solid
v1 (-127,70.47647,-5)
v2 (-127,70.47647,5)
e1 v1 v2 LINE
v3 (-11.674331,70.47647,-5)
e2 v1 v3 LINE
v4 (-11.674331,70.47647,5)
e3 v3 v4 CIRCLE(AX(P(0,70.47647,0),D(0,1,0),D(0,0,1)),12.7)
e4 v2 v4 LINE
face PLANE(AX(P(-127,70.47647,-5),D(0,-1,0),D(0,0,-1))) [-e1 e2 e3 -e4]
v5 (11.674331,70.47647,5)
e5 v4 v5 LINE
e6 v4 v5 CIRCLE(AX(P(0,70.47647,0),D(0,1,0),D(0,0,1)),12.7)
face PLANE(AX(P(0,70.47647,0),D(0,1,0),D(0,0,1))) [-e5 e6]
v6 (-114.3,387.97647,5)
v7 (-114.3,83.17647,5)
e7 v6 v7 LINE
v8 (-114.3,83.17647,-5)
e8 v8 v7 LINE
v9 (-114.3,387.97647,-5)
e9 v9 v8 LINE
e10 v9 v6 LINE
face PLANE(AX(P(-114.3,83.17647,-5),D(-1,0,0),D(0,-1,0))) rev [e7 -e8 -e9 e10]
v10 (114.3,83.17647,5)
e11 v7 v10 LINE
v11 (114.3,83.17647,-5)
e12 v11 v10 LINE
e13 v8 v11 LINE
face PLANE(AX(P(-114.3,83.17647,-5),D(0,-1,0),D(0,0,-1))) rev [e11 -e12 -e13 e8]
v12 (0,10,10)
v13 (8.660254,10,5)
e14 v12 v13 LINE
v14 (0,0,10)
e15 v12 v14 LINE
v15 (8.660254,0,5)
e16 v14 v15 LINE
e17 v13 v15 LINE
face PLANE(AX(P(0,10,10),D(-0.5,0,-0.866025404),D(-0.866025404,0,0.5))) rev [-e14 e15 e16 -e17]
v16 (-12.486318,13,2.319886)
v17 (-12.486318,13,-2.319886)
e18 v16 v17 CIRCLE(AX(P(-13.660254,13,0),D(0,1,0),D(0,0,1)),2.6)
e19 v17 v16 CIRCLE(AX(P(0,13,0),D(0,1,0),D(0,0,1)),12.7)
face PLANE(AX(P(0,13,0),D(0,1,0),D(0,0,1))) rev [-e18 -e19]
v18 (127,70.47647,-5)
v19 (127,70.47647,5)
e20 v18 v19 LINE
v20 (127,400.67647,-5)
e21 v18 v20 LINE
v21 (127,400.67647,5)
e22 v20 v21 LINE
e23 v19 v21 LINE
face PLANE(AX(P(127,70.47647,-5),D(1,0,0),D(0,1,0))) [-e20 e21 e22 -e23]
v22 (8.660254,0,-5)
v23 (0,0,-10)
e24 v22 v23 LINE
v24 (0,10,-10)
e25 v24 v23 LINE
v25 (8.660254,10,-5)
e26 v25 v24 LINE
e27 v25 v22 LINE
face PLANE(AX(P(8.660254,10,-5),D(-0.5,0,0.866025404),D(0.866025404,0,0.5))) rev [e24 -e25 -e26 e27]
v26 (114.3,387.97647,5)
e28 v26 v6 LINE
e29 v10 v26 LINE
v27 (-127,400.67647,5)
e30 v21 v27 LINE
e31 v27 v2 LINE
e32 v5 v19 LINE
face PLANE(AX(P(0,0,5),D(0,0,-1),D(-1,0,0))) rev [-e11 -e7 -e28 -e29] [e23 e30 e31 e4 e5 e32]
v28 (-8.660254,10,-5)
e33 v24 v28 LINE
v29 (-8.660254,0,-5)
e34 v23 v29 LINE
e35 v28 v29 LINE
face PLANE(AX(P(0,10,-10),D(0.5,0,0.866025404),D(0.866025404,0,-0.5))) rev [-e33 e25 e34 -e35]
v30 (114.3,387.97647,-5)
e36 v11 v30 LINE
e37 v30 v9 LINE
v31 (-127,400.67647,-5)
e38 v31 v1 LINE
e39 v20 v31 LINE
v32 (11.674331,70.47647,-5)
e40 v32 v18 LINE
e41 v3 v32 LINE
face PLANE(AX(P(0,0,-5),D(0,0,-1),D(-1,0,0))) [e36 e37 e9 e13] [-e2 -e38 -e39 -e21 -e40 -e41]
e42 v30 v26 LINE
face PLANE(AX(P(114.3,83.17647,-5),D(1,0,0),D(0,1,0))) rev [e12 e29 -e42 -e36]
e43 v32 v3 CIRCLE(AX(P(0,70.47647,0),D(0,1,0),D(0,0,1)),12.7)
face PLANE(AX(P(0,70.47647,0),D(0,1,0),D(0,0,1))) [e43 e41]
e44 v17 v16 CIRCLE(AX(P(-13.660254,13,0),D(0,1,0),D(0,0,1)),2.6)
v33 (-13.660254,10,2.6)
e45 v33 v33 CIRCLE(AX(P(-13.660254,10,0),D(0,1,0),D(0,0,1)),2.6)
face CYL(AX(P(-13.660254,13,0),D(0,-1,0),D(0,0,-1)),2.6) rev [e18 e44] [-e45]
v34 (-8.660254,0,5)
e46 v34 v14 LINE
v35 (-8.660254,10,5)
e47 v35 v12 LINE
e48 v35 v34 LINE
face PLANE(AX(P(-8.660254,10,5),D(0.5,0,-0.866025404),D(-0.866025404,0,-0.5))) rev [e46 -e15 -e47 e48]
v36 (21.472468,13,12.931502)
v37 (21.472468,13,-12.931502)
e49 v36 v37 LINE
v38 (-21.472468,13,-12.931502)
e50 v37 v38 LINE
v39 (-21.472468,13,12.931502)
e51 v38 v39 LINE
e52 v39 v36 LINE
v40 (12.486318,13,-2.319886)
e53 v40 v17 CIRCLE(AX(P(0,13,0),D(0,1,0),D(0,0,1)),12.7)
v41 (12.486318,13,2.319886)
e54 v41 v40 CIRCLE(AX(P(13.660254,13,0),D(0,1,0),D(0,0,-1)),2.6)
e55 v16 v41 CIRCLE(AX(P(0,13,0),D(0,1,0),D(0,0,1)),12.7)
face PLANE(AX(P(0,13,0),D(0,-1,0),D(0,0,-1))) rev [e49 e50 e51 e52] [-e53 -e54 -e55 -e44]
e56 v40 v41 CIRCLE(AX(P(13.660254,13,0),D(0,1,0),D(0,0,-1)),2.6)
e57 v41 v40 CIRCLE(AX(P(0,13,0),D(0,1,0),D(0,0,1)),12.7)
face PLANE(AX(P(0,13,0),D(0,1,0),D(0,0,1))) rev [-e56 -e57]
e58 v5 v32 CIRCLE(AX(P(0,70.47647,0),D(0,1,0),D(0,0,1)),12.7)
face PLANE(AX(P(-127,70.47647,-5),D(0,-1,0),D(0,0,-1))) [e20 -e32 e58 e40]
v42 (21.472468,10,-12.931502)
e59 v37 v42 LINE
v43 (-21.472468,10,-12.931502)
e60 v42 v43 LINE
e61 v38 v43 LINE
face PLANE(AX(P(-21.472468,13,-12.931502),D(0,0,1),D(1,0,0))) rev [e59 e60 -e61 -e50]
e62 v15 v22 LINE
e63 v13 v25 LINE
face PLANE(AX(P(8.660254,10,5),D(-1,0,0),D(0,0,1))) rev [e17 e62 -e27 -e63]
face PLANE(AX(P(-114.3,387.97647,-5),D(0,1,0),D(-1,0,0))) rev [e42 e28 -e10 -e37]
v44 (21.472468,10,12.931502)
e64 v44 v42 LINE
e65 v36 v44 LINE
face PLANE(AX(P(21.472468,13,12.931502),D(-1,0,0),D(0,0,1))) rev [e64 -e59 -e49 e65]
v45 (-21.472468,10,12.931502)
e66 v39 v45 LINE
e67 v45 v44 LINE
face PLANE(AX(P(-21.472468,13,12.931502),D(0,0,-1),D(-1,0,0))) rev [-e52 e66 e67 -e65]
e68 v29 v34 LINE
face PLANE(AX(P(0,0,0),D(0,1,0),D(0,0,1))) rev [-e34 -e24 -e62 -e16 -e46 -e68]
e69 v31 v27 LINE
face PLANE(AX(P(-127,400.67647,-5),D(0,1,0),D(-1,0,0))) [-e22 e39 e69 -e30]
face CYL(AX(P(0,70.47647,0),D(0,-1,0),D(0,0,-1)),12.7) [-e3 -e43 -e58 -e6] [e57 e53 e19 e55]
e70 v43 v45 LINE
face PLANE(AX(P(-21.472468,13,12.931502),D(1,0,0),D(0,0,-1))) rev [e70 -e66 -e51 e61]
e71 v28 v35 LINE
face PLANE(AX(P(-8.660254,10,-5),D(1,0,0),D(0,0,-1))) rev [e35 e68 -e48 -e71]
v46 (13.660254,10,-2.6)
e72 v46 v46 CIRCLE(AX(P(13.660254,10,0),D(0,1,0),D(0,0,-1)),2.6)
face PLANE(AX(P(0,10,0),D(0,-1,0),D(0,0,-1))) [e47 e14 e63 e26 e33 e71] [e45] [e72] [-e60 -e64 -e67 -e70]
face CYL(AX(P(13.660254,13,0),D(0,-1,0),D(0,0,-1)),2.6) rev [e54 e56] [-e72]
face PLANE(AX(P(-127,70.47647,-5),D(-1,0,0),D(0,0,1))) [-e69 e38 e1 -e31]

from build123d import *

# Parameters (mm, degrees)
BOSS_EXTRUDE1_DEPTH      = 10
SKETCH2_W                = 42.944936058
SKETCH2_H                = 25.863004624
SKETCH2_R                = 2.6
BOSS_EXTRUDE2_DEPTH      = 3
SKETCH3_R                = 12.7
BOSS_EXTRUDE5_DEPTH      = 57.47647
BOSS_EXTRUDE4_DEPTH      = 5
BOSS_EXTRUDE4_DEPTH_BACK = 5
SKETCH4_W                = 254
SKETCH4_H                = 330.2
SKETCH4_W_2              = 228.6
SKETCH4_H_2              = 304.8


with BuildPart() as part:
    # Sketch1 → Boss-Extrude1 (new body)
    with BuildSketch(Plane(origin=(0, 0, 0), x_dir=(1, 0, 0), z_dir=(0, 1, 0))):
        Polygon((0, 10), (-8.660254038, 5), (-8.660254038, -5), (0, -10), (8.660254038, -5), (8.660254038, 5), align=None)
    extrude(amount=BOSS_EXTRUDE1_DEPTH)

    # Sketch2 → Boss-Extrude2 (add)
    with BuildSketch(Plane(origin=(0, 10, 0), x_dir=(1, 0, 0), z_dir=(0, 1, 0))):
        Rectangle(SKETCH2_W, SKETCH2_H)
        with Locations(Location((-13.660254038, 0, 0), (0, 0, 270))):
            Circle(SKETCH2_R, mode=Mode.SUBTRACT)
        with Locations(Location((13.660254038, 0, 0), (0, 0, 90))):
            Circle(SKETCH2_R, mode=Mode.SUBTRACT)
    extrude(amount=BOSS_EXTRUDE2_DEPTH)

    # Sketch3 → Boss-Extrude5 (add)
    with BuildSketch(Plane(origin=(0, 13, 0), x_dir=(1, 0, 0), z_dir=(0, 1, 0))):
        with Locations(Location((0, 0, 0), (0, 0, 10.525215122))):
            Circle(SKETCH3_R)
    extrude(amount=BOSS_EXTRUDE5_DEPTH)

    # Sketch4 → Boss-Extrude4 (add, two sides: drawn at the far end of the back side and taken through both)
    with BuildSketch(Plane.XY.offset(-BOSS_EXTRUDE4_DEPTH_BACK)):
        with Locations((0, 235.57647)):
            Rectangle(SKETCH4_W, SKETCH4_H)
        with Locations((0, 235.57647)):
            Rectangle(SKETCH4_W_2, SKETCH4_H_2, mode=Mode.SUBTRACT)
    extrude(amount=BOSS_EXTRUDE4_DEPTH + BOSS_EXTRUDE4_DEPTH_BACK)


solid = part.part
